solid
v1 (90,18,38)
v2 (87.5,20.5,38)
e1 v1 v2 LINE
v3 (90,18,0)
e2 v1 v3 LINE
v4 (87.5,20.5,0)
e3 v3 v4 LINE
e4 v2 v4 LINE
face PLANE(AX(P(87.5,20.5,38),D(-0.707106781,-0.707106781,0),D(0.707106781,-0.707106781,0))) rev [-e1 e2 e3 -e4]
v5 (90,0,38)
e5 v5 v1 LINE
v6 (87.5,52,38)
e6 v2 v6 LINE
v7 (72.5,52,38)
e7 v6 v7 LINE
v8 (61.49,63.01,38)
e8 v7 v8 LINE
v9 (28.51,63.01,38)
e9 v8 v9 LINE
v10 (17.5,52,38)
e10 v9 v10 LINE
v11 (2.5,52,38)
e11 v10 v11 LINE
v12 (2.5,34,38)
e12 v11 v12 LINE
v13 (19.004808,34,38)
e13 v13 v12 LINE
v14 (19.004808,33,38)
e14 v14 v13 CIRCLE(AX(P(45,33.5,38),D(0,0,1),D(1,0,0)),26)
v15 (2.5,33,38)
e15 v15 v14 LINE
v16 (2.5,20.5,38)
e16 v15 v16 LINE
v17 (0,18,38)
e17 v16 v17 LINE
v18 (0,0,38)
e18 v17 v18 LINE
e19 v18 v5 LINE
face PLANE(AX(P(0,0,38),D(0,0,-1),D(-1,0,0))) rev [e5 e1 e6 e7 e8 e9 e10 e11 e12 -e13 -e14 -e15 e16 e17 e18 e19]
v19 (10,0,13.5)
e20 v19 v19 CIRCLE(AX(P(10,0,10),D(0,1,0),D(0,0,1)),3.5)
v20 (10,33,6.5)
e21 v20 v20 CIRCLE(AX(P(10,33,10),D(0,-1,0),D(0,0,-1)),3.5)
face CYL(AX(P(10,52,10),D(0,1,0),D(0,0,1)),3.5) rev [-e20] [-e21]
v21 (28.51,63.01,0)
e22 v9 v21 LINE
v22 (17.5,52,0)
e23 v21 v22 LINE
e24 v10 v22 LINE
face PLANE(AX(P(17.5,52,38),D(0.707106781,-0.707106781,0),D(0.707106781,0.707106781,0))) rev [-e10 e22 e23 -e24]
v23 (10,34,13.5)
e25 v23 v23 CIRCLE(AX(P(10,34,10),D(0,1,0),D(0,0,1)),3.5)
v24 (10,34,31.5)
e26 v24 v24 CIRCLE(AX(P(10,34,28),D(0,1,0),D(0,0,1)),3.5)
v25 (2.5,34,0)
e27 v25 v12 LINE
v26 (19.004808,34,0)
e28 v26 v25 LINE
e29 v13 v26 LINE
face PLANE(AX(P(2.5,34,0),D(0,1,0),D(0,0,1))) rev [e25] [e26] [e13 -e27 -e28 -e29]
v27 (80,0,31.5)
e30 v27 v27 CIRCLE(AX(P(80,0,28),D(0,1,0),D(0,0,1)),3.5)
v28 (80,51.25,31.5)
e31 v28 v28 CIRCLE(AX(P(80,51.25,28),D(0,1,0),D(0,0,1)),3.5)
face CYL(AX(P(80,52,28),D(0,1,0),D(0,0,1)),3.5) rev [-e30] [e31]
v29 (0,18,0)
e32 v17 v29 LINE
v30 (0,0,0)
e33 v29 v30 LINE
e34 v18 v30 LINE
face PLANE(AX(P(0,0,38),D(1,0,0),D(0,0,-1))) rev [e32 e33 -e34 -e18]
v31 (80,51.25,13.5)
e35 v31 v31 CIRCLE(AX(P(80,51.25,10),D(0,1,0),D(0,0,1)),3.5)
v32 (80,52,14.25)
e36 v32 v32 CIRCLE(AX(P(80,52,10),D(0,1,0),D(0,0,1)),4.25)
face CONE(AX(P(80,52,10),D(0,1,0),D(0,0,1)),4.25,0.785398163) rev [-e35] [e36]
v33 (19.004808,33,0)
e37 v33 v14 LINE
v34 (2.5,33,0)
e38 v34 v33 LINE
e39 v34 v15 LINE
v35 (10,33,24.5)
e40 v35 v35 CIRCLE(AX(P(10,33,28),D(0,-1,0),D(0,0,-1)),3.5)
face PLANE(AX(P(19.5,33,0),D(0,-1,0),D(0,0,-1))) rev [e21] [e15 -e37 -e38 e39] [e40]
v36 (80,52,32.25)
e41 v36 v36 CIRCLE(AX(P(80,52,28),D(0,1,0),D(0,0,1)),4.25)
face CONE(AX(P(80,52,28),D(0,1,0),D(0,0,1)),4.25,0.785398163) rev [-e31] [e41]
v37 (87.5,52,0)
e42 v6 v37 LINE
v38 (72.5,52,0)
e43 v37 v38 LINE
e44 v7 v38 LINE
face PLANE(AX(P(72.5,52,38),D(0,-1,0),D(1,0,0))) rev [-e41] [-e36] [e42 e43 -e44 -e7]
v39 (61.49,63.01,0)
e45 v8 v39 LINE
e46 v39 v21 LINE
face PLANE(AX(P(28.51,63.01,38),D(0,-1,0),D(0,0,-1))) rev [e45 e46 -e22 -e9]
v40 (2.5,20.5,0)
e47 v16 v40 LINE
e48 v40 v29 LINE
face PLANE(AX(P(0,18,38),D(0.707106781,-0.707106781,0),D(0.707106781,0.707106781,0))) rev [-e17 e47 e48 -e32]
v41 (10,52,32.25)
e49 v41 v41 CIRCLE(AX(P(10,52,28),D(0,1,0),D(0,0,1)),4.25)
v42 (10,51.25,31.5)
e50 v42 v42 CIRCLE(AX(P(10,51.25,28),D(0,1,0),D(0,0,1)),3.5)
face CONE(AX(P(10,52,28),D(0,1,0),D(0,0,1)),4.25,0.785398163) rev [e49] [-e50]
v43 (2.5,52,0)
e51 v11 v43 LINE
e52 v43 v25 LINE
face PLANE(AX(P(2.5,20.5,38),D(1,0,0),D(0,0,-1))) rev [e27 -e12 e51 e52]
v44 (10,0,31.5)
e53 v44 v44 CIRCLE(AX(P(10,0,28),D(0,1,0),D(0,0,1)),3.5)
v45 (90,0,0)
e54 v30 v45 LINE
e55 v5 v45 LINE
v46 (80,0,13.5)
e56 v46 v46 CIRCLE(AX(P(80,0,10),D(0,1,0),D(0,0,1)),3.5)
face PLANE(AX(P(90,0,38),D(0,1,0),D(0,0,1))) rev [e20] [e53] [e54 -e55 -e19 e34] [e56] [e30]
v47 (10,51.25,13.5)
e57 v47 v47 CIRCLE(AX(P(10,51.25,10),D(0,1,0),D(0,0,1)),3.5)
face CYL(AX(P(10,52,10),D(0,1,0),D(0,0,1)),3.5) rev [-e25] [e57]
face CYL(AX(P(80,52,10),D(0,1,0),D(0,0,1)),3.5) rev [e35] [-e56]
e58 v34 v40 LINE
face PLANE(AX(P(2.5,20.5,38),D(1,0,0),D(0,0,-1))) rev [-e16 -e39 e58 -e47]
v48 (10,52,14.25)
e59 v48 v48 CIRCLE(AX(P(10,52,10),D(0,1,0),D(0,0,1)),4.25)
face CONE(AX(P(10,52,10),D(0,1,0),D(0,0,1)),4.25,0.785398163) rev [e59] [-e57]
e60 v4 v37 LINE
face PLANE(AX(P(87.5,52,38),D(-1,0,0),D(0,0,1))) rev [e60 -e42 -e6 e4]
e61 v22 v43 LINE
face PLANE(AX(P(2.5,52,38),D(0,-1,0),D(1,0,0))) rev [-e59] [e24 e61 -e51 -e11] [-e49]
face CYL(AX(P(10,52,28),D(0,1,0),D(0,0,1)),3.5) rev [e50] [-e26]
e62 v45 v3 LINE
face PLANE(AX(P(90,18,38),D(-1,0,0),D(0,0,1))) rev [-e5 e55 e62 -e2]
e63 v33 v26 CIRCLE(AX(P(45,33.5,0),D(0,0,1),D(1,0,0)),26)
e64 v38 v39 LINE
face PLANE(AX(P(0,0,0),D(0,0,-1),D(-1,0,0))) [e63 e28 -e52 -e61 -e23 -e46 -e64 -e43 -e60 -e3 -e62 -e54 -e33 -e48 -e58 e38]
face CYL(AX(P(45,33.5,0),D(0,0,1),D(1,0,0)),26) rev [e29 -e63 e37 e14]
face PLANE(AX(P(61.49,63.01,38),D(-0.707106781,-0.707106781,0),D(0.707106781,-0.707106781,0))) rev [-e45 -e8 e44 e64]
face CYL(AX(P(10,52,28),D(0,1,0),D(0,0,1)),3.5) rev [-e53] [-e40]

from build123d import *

# Parameters (mm, degrees)
AUFSATZ_LINEAR_AUSTRAGEN1_DEPTH          = 38
SKIZZE2_R                                = 26
SCHNITT_LINEAR_AUSTRAGEN1_DEPTH          = 38
SKIZZE3_W                                = 17
SKIZZE3_H                                = 1
SCHNITT_LINEAR_AUSTRAGEN2_DEPTH          = 38
F_7_0_7_DURCHMESSER_BOHRUNG4_D           = 7
F_7_0_7_DURCHMESSER_BOHRUNG4_CSINK_D     = 8.5
F_7_0_7_DURCHMESSER_BOHRUNG4_CSINK_ANGLE = 90


with BuildPart() as part:
    # Skizze1 → Aufsatz-Linear austragen1 (new body)
    with BuildSketch(Plane.XY):
        Polygon((0, 0), (0, 18), (2.5, 20.5), (2.5, 52), (17.5, 52), (28.51, 63.01), (61.49, 63.01), (72.5, 52), (87.5, 52), (87.5, 20.5), (90, 18), (90, 0), align=None)
    extrude(amount=AUFSATZ_LINEAR_AUSTRAGEN1_DEPTH)

    # Skizze2 → Schnitt-Linear austragen1 (cut)
    with BuildSketch(Plane.XY.offset(38)):
        with Locations((45, 33.5)):
            Circle(SKIZZE2_R)
    extrude(amount=-SCHNITT_LINEAR_AUSTRAGEN1_DEPTH, mode=Mode.SUBTRACT)

    # Skizze3 → Schnitt-Linear austragen2 (cut)
    with BuildSketch(Plane.XY.offset(38)):
        with Locations((11, 33.5)):
            Rectangle(SKIZZE3_W, SKIZZE3_H)
    extrude(amount=-SCHNITT_LINEAR_AUSTRAGEN2_DEPTH, mode=Mode.SUBTRACT)

    # Ø7.0 (7) Durchmesser Bohrung4 (through all)
    with Locations(Plane(origin=(0, 52, 0), x_dir=(1, 0, 0), z_dir=(0, 1, 0))):
        with Locations((10, -10), (10, -28), (80, -28), (80, -10)):
            CounterSinkHole(F_7_0_7_DURCHMESSER_BOHRUNG4_D / 2, F_7_0_7_DURCHMESSER_BOHRUNG4_CSINK_D / 2, counter_sink_angle=F_7_0_7_DURCHMESSER_BOHRUNG4_CSINK_ANGLE)


solid = part.part
